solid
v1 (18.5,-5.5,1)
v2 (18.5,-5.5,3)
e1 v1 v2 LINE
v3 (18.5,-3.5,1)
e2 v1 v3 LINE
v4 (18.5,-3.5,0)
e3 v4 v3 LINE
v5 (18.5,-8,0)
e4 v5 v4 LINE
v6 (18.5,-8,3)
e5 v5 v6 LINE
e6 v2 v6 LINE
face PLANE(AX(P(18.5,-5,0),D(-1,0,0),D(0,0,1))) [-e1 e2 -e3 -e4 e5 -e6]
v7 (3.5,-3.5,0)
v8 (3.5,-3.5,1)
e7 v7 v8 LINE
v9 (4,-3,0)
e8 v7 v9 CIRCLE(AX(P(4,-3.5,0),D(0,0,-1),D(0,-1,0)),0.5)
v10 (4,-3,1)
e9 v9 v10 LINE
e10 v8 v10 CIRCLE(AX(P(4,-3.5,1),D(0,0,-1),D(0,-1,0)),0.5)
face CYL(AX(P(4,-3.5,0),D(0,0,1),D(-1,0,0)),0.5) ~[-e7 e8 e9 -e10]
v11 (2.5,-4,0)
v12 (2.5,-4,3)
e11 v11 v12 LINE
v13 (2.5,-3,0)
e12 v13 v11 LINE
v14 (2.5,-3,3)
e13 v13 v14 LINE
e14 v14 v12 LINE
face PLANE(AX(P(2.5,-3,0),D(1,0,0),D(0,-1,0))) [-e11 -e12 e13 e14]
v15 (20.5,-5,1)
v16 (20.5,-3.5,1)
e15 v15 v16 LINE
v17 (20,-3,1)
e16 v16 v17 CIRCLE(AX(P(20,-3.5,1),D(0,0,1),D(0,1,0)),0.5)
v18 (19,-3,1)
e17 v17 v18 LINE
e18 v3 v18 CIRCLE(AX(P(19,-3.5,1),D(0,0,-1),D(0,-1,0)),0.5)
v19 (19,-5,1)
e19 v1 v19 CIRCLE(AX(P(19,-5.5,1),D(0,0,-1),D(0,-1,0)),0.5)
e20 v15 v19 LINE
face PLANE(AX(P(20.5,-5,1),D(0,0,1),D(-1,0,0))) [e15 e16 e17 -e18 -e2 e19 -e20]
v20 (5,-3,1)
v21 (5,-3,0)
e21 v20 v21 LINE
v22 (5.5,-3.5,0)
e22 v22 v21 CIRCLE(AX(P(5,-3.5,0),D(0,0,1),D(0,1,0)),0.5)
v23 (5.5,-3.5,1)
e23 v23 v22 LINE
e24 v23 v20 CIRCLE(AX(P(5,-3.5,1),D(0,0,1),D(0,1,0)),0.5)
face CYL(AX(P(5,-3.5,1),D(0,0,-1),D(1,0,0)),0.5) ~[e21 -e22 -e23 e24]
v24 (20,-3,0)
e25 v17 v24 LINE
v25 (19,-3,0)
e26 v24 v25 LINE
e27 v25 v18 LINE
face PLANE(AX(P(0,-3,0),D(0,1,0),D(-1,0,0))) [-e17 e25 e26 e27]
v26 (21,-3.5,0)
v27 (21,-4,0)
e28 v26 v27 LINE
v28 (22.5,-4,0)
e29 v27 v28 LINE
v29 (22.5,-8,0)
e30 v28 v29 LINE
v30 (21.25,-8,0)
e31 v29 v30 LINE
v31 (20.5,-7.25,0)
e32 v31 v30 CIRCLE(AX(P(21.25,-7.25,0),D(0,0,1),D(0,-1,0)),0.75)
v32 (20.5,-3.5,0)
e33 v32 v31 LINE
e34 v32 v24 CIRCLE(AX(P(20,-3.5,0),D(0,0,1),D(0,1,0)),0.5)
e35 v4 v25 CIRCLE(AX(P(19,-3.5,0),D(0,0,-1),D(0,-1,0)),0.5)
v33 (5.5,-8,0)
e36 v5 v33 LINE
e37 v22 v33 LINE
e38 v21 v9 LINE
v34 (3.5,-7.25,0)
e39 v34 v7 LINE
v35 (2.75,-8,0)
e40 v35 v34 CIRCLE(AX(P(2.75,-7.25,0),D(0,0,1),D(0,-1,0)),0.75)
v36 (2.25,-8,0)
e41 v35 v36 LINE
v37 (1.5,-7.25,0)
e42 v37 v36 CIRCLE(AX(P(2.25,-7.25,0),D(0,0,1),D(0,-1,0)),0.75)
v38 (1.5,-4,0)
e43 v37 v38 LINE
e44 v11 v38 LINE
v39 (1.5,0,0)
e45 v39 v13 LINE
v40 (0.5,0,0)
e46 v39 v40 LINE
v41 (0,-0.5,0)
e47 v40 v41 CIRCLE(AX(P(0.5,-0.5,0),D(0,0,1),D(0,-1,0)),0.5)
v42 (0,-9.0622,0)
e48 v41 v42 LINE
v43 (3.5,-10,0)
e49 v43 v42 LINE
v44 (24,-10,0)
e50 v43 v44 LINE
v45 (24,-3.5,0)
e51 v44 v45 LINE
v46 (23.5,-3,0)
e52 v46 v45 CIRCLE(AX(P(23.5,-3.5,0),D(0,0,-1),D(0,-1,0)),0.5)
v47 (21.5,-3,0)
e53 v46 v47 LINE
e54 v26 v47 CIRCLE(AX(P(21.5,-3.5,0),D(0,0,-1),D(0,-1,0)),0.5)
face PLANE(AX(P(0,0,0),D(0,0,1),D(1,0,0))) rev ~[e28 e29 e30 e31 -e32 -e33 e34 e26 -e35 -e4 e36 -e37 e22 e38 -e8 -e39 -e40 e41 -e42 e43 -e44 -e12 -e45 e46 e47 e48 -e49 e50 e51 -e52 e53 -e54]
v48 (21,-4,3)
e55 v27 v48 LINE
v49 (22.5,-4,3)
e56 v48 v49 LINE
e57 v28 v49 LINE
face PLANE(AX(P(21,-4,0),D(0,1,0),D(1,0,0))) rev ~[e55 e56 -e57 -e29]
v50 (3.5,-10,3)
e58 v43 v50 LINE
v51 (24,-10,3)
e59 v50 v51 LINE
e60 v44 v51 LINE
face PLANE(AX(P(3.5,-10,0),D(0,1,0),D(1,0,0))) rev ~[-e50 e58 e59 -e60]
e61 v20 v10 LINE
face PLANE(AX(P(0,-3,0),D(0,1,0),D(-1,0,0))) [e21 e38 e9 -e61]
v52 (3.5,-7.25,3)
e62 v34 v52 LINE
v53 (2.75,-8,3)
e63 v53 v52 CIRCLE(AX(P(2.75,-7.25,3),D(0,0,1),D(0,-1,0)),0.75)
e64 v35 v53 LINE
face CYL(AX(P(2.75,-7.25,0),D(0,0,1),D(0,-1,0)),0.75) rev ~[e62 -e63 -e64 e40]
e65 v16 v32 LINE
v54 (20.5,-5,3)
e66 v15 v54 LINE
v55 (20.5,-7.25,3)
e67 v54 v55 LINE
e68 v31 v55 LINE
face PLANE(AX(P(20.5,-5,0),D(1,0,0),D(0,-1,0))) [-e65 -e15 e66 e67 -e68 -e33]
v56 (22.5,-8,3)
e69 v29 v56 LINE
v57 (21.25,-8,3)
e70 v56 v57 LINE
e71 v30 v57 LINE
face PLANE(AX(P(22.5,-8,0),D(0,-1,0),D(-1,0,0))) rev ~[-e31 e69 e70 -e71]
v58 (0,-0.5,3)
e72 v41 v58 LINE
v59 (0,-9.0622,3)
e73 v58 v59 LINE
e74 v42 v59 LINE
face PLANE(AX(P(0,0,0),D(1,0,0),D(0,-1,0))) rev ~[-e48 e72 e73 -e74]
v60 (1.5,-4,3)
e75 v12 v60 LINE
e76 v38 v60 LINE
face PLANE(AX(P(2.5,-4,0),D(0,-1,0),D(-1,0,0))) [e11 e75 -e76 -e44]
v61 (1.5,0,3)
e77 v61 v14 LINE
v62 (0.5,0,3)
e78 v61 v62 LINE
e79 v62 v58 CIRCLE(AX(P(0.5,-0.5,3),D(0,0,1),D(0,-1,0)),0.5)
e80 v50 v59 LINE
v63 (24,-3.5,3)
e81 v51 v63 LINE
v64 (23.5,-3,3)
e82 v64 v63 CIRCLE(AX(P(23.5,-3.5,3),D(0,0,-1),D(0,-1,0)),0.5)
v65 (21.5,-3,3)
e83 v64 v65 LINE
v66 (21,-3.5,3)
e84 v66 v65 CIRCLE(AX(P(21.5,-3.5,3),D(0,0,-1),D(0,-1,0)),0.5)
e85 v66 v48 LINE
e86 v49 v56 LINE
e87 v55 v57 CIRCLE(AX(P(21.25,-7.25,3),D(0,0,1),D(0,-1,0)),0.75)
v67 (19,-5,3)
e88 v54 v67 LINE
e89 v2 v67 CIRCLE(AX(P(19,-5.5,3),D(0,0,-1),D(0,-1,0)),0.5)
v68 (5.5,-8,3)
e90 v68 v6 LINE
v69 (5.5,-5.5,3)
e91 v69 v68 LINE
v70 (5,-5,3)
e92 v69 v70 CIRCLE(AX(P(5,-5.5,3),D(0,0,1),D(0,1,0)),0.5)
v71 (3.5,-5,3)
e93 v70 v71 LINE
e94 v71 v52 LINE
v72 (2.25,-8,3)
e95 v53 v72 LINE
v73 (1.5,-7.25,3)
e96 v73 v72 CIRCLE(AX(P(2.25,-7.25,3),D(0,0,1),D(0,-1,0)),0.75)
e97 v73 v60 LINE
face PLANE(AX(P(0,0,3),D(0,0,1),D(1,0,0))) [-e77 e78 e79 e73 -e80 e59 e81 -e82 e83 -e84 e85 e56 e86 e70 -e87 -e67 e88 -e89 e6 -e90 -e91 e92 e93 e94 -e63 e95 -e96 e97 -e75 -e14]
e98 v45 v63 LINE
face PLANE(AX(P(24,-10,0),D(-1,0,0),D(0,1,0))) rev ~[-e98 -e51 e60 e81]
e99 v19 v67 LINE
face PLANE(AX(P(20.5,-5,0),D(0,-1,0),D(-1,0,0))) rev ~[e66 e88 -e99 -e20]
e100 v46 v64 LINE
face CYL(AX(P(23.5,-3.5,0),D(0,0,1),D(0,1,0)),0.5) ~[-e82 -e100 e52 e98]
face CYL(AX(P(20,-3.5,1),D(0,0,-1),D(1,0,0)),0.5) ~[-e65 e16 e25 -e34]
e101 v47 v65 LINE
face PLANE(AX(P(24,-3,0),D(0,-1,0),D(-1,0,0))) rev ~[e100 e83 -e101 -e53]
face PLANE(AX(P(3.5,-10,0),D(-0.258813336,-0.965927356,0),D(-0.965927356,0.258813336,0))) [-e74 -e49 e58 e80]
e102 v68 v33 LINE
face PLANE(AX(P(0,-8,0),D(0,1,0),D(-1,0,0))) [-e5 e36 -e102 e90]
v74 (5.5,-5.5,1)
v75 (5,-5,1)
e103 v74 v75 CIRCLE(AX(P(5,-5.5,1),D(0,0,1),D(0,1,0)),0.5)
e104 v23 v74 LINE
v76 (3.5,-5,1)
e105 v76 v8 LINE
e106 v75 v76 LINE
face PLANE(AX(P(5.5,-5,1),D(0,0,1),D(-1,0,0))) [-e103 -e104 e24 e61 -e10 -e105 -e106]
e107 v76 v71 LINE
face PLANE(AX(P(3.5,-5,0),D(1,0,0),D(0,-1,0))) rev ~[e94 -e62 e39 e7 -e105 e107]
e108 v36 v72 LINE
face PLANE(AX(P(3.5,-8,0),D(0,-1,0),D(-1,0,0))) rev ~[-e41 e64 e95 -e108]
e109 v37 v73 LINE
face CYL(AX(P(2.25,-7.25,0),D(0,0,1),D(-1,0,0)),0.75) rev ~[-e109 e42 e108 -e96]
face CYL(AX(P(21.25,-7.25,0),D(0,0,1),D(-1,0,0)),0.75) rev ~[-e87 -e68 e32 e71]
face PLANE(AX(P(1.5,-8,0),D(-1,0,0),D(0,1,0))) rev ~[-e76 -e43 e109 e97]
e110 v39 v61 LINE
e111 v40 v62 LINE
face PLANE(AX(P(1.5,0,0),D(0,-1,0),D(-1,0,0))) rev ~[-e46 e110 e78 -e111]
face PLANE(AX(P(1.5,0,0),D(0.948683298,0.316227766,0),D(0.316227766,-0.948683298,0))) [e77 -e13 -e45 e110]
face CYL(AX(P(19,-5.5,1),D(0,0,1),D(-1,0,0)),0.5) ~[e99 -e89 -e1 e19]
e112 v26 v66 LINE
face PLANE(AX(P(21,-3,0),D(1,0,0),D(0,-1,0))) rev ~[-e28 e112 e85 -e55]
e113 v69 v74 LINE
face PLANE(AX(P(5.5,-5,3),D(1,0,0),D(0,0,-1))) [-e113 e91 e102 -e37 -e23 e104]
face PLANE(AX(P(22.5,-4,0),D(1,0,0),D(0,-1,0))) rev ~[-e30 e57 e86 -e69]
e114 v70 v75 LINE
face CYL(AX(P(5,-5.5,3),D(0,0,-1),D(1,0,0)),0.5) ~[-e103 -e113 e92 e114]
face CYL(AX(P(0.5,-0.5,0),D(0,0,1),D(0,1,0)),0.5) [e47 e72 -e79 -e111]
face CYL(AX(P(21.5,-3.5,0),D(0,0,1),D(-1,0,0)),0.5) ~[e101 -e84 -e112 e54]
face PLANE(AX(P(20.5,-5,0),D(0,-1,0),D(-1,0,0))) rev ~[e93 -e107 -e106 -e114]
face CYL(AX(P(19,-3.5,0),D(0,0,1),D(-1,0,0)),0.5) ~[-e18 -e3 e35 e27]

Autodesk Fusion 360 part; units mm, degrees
sketch "Base" plane through (0, 0, 0) normal (0, 0, 1) x (1, 0, 0)
  line L0 (0, 0) -> (0, -9.0622)
  line L1 (24, -10) -> (24, -3)
  line L2 (22.5, -4) -> (22.5, -8)
  line L3 (20.5, -5) -> (3.5, -5)
  line L4 (1.5, -8) -> (1.5, -4)
  line L5 (1.5, 0) -> (0, 0)
  line L6 (3.5, -5) -> (3.5, -8)
  line L7 (3.5, -8) -> (1.5, -8)
  line L8 (22.5, -8) -> (20.5, -8)
  line L9 (20.5, -5) -> (20.5, -8)
  line L10 (24, -3) -> (21, -3)
  line L11 (21, -3) -> (21, -4)
  line L12 (21, -4) -> (22.5, -4)
  line L13 (1.5, 0) -> (2.5, -3)
  line L14 (2.5, -3) -> (2.5, -4)
  line L15 (2.5, -4) -> (1.5, -4)
  line L16 (21, -4) -> (2.5, -4) construction
  line L17 (3.5, -10) -> (0, -9.0622)
  line L18 (3.5, -8) -> (3.5, -10) construction
  line L19 (3.5, -10) -> (24, -10)
  dimension "d4" = 21
  dimension "d5" = 3.5
  dimension "d7" = 2
  dimension "d8" = 2
  dimension "d10" = 1
  dimension "d11" = 3
  dimension "d15" = 1
  dimension "d16" = 4
  dimension "d17" = 4
  dimension "d18" = 2.5
  dimension "d19" = 1.5
  dimension "d20" = 3
  dimension "d48" = 6
  dimension "d49" = 165
  dimension "d50" = 1.5
extrude "Extrude1" add sketch "Base" along normal blind 3
sketch "Cutout" plane through (0, -5, 0) normal (0, 1, 0) x (-1, 0, 0)
  line L0 (-20.5, 0) -> (-3.5, 0)
  line L1 (-3.5, 0) -> (-3.5, 3)
  line L2 (-3.5, 3) -> (-20.5, 3)
  line L3 (-20.5, 3) -> (-20.5, 0)
  line L4 (-5.5, 0) -> (-18.5, 0)
  line L5 (-18.5, 0) -> (-18.5, 3)
  line L6 (-18.5, 3) -> (-5.5, 3)
  line L7 (-5.5, 3) -> (-5.5, 0)
  dimension "d31" = 13
extrude "Extrude2" cut sketch "Cutout" against normal blind 3 contours L0 L2 L4 L5 L6 L7
sketch "Stand" plane through (0, -5, 0) normal (0, 1, 0) x (-1, 0, 0)
  line L0 (-5.5, 3) -> (-5.5, 0)
  line L1 (-5.5, 0) -> (-3.5, 0)
  line L2 (-3.5, 0) -> (-3.5, 3)
  line L3 (-3.5, 3) -> (-5.5, 3)
  line L4 (-3.5, 0) -> (-5.5, 0)
  line L5 (-5.5, 0) -> (-5.5, 1)
  line L6 (-5.5, 1) -> (-3.5, 1)
  line L7 (-3.5, 1) -> (-3.5, 0)
  dimension "d32" = 1
sketch "Stand (1)" plane through (0, -5, 0) normal (0, 1, 0) x (-1, 0, 0)
  line L0 (-18.5, 0) -> (-18.5, 3)
  line L1 (-18.5, 3) -> (-20.5, 3)
  line L2 (-20.5, 3) -> (-20.5, 0)
  line L3 (-20.5, 0) -> (-18.5, 0)
  line L4 (-18.5, 0) -> (-20.5, 0)
  line L5 (-20.5, 0) -> (-20.5, 1)
  line L6 (-20.5, 1) -> (-18.5, 1)
  line L7 (-18.5, 1) -> (-18.5, 0)
  dimension "d33" = 1
extrude "Extrude3" add sketch "Stand" sketch "Stand (1)" along normal blind 2 contours L0 L1 L2 L4 L5 L6 L7 of sketch 2 contours L0 L2 L3 L4 L5 L6 L7
fillet "Fillet1" radius 0.5 9 edges at (5.5, -3, 0.5) (5.5, -5, 2) (18.5, -5, 2) (18.5, -3, 0.5) (20.5, -3, 0.5) (3.5, -3, 0.5) (0, 0, 1.5) (24, -3, 1.5) (21, -3, 1.5)
fillet "Fillet1" radius 0.75 3 edges at (1.5, -8, 1.5) (20.5, -8, 1.5) (3.5, -8, 1.5)
equation "CLIP_PCB_SIZE = 21 mm"
equation "d4 = CLIP_PCB_SIZE"
equation "d31 = CLIP_PCB_SIZE - 8 mm"
